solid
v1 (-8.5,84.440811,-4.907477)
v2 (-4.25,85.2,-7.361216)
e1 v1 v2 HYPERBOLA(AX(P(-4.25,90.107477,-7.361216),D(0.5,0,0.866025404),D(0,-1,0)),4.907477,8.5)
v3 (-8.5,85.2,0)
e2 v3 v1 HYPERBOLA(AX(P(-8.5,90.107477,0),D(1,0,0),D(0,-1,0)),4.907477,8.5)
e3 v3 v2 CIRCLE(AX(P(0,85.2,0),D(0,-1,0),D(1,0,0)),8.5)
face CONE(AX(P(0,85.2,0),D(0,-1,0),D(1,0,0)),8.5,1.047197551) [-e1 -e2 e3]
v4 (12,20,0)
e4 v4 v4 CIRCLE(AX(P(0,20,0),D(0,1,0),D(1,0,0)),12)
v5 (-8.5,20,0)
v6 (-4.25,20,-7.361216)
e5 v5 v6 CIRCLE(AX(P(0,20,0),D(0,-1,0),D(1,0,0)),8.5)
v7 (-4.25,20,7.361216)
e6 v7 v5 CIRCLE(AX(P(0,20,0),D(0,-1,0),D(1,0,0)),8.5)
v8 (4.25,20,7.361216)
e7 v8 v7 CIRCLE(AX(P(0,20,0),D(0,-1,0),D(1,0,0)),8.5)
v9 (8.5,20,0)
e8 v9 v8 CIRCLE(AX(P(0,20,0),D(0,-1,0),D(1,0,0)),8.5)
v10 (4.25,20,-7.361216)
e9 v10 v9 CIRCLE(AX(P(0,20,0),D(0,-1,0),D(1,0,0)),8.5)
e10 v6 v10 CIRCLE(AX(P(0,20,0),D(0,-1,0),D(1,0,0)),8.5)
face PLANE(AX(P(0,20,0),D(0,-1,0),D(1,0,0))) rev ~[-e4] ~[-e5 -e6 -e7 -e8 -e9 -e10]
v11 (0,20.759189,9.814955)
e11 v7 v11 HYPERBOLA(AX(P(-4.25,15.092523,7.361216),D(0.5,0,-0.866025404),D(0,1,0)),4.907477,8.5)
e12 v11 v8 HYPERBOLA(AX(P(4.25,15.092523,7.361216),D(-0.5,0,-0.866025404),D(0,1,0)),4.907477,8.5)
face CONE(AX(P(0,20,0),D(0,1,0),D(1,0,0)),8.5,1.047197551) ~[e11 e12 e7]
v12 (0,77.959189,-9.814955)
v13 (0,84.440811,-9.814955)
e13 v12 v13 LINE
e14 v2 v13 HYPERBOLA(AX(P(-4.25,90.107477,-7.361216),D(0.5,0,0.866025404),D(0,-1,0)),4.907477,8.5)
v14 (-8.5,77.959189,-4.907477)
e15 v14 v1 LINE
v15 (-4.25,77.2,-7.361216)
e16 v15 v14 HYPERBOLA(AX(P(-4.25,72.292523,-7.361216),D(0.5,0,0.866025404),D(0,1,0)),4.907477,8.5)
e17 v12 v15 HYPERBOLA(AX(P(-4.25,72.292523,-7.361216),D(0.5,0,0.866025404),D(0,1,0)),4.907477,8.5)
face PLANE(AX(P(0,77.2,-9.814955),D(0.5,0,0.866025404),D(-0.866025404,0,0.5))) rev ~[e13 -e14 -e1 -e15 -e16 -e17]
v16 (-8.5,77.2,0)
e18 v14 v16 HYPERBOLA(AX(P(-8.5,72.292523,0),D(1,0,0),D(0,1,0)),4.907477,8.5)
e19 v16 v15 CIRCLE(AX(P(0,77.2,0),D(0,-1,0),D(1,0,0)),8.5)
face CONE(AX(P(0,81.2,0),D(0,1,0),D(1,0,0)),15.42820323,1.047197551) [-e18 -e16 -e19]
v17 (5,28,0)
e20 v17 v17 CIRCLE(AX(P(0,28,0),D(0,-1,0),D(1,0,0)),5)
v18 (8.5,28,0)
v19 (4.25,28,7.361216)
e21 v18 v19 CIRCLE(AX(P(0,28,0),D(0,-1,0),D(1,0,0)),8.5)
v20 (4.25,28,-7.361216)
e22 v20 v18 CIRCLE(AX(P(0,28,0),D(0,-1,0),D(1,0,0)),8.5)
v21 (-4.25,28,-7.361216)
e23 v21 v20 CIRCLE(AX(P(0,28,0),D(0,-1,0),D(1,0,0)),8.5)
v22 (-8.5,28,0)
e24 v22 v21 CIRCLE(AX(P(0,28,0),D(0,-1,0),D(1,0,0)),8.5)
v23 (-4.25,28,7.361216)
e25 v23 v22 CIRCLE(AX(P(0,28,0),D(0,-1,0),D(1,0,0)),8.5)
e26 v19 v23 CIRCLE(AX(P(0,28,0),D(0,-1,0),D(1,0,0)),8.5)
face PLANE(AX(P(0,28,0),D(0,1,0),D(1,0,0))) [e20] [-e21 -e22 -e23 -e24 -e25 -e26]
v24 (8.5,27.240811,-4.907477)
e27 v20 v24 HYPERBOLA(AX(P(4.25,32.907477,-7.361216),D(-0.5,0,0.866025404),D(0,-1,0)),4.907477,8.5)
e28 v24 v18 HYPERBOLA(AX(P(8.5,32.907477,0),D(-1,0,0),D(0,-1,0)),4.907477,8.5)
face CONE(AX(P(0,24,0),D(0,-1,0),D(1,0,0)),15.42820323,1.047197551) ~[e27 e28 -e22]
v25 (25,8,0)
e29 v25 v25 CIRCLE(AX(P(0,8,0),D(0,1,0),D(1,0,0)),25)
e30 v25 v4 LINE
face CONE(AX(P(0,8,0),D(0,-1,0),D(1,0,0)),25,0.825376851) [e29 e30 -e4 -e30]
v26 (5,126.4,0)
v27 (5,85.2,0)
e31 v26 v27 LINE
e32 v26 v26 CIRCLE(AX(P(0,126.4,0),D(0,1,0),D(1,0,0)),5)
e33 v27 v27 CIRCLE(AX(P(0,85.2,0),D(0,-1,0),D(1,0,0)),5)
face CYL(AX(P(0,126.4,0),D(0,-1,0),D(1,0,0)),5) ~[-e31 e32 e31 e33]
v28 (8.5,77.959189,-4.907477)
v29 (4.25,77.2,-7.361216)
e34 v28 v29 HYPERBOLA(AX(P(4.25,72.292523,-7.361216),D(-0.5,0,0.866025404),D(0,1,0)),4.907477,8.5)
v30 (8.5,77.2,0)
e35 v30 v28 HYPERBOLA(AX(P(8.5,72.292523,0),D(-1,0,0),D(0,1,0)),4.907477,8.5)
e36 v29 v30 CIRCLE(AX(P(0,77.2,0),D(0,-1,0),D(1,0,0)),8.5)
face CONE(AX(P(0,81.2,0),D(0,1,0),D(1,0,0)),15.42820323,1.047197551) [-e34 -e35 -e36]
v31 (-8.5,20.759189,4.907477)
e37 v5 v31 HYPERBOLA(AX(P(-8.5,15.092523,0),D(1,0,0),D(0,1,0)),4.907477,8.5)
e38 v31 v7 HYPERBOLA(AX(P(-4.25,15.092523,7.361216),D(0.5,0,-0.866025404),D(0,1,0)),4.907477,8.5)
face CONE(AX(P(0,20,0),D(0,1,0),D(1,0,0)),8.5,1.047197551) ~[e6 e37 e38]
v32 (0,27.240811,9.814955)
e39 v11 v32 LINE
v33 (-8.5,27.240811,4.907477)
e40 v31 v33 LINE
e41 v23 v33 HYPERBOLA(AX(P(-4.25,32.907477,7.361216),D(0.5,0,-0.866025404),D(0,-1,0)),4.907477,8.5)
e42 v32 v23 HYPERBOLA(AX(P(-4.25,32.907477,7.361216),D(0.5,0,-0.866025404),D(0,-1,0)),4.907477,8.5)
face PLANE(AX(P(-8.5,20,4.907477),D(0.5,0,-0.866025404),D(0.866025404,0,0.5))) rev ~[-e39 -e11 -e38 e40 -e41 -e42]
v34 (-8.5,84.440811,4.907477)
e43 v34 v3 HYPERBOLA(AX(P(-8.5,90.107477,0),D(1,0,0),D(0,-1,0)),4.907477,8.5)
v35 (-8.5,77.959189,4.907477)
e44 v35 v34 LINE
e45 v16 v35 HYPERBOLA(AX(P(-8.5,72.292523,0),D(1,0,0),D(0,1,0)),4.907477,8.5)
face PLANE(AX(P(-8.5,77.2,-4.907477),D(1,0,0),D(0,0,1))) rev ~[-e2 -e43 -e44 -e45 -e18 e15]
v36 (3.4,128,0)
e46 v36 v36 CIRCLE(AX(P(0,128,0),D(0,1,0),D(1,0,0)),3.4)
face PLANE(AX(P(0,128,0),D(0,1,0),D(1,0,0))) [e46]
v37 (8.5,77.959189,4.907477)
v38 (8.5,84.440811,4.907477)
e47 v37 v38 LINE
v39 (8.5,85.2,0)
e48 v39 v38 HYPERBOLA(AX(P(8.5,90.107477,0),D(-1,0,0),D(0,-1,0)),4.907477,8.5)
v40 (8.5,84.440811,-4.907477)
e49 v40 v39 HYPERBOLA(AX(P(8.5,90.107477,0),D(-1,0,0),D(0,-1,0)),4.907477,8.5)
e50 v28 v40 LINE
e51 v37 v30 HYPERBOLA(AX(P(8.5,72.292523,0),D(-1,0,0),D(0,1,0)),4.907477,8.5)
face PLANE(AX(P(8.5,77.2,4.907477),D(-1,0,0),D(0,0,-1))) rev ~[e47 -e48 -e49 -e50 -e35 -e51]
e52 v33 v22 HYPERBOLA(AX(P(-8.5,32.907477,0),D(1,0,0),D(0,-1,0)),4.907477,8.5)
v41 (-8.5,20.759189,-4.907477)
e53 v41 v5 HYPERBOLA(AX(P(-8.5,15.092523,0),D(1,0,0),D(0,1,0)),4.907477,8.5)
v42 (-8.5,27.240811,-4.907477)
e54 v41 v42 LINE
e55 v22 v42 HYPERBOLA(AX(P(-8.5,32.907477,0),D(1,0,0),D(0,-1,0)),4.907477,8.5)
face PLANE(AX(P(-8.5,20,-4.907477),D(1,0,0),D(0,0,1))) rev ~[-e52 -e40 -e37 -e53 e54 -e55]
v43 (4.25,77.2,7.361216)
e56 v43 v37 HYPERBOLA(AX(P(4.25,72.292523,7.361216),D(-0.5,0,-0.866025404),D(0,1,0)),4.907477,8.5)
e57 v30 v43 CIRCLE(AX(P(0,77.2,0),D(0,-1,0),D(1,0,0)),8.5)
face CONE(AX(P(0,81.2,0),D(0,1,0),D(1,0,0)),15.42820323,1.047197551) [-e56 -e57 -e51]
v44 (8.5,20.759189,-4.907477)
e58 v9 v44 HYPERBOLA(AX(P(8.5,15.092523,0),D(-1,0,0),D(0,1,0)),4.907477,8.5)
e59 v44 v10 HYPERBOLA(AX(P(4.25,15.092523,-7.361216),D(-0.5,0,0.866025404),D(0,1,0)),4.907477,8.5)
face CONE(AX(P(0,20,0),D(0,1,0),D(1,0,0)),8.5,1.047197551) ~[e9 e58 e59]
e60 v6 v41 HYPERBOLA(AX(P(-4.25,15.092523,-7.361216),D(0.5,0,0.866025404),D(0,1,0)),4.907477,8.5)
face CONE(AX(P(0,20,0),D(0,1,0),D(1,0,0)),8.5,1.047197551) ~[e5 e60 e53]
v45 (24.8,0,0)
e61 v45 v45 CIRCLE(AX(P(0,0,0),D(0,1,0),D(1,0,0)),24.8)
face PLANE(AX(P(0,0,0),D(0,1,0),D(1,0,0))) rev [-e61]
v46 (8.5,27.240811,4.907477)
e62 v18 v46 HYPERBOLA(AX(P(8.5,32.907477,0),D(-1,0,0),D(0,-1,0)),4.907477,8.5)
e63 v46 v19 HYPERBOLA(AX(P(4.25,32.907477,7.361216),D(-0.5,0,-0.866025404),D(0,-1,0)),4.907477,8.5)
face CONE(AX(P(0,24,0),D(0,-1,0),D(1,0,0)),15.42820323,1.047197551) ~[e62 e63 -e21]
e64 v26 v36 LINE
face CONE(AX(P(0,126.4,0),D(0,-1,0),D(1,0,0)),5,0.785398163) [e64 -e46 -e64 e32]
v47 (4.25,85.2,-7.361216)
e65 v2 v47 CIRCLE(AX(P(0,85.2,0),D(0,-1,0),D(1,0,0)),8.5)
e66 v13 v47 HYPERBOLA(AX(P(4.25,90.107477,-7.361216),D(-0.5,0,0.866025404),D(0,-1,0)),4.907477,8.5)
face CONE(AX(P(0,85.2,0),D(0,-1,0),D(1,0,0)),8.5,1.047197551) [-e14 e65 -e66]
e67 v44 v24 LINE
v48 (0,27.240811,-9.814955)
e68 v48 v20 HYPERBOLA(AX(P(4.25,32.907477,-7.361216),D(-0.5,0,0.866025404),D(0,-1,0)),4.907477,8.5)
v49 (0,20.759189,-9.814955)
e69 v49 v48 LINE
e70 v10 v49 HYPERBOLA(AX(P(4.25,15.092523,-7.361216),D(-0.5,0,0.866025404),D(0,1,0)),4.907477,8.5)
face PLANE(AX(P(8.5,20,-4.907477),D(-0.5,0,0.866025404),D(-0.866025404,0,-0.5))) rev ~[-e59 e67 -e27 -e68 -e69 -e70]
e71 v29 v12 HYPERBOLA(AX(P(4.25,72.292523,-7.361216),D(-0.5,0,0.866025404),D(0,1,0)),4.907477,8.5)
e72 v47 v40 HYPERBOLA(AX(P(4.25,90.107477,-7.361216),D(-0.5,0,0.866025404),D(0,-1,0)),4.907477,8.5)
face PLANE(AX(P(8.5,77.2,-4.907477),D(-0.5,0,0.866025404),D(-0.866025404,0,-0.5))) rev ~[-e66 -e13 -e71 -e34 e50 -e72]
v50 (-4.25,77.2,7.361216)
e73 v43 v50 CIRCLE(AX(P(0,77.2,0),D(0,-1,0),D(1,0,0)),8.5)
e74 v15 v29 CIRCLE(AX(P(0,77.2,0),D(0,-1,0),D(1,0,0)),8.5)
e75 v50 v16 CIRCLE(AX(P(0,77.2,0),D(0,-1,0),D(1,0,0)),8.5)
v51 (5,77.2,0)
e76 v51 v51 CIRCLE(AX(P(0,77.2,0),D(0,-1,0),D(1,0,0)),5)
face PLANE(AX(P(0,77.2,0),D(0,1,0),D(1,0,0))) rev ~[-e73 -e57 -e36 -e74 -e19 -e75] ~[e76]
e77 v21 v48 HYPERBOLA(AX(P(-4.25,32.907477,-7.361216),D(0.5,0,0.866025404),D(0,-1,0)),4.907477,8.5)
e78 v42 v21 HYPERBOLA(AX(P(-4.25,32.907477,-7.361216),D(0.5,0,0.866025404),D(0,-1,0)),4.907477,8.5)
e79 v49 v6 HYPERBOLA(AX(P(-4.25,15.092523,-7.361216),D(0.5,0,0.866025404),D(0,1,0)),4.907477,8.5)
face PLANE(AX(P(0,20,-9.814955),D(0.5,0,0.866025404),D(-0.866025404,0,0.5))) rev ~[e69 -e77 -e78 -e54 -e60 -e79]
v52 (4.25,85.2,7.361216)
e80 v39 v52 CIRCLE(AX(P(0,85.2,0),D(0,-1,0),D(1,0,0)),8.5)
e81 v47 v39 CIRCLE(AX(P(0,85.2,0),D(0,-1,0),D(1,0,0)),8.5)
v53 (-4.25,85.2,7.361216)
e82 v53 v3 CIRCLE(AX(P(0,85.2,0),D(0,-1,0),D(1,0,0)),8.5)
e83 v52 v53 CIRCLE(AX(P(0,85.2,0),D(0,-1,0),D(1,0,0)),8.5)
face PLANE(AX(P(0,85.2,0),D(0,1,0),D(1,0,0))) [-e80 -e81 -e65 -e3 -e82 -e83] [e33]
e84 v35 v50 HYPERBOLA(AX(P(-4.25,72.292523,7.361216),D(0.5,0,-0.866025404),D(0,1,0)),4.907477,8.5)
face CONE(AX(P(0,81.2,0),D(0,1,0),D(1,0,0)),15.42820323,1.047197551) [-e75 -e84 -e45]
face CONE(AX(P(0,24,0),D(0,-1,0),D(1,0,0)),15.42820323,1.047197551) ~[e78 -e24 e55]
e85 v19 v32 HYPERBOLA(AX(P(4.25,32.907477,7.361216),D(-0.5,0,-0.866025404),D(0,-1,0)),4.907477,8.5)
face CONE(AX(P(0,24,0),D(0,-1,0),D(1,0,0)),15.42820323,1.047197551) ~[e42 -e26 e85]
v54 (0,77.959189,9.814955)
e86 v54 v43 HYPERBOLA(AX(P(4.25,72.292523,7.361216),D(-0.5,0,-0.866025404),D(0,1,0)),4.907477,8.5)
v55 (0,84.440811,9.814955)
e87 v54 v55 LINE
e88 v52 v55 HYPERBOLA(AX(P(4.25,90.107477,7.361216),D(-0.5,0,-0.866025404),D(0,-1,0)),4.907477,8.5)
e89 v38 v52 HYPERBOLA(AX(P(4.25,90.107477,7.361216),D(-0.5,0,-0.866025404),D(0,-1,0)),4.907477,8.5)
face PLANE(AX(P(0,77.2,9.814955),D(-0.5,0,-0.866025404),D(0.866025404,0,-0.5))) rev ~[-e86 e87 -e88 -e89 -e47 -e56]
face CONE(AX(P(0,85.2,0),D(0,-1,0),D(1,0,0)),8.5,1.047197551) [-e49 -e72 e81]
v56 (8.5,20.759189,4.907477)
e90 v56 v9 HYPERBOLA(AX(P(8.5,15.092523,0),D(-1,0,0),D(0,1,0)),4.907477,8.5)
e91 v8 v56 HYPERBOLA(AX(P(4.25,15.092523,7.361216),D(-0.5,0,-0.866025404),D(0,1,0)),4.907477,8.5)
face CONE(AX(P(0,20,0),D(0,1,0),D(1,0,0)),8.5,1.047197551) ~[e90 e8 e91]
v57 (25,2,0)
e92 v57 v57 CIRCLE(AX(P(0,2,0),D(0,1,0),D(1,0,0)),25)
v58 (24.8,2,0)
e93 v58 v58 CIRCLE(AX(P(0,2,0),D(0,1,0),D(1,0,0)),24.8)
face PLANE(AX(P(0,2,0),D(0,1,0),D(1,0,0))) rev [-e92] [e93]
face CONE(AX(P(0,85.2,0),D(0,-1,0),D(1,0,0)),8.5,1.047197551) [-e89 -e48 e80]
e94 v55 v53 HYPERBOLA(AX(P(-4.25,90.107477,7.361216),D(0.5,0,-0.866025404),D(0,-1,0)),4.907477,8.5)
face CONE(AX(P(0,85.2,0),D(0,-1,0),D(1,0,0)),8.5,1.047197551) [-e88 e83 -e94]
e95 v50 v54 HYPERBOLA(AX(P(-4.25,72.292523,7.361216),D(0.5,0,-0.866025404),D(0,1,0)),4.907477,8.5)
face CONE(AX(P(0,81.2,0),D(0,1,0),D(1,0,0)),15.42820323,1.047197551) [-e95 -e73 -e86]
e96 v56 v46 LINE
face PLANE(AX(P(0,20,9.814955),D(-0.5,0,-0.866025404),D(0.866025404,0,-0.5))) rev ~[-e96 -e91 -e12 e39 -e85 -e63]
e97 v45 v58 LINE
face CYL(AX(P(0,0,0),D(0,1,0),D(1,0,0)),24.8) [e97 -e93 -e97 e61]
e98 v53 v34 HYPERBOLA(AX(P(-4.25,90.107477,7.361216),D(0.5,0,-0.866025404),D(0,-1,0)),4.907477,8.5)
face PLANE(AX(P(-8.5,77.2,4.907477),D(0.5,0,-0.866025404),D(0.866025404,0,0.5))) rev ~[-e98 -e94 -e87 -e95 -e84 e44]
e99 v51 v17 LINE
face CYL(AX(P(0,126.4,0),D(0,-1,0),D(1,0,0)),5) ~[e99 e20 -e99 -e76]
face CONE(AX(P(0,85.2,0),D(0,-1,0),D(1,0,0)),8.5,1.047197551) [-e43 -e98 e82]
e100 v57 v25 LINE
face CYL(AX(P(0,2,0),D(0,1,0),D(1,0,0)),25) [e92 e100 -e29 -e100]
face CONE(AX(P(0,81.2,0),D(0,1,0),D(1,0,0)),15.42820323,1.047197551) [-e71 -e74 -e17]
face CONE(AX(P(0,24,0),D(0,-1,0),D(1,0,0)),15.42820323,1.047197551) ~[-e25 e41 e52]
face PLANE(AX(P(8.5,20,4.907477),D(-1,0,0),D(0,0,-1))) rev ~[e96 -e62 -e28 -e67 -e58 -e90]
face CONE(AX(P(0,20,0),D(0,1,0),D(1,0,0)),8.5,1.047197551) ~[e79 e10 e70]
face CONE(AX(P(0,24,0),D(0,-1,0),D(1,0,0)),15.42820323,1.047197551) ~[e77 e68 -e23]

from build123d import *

# Parameters (mm, degrees)
EXTRUDE_1_DEPTH = 8
EXTRUDE_2_DEPTH = 8


with BuildPart() as part:
    # Эскиз1 → Повернуть1 (revolve)
    with BuildSketch(Plane.XY, mode=Mode.PRIVATE) as revolve_1_sk:
        Polygon((0, 0), (-24.8, 0), (-24.8, 2), (-25, 2), (-25, 8), (-12, 20), (-5, 20), (-5, 28), (-5, 126.4), (-3.4, 128), (0, 128), align=None)
    revolve(revolve_1_sk.sketch.rotate(Axis((0, 0, 0), (0, 1, 0)), 180), axis=Axis((0, 0, 0), (0, 1, 0)))  # turned: the seam where the file's is

    # Эскиз2 → Бобышка-Вытянуть1 (add)
    with BuildSketch(Plane(origin=(0, 20, 0), x_dir=(1, 0, 0), z_dir=(0, 1, 0))):
        Polygon((0, 9.814954576), (-8.5, 4.907477288), (-8.5, -4.907477288), (0, -9.814954576), (8.5, -4.907477288), (8.5, 4.907477288), align=None)
    extrude(amount=EXTRUDE_1_DEPTH)

    # Эскиз3 → Бобышка-Вытянуть2 (add)
    with BuildSketch(Plane(origin=(0, 77.2, 0), x_dir=(1, 0, 0), z_dir=(0, 1, 0))):
        Polygon((8.5, 4.907477288), (0, 9.814954576), (-8.5, 4.907477288), (-8.5, -4.907477288), (0, -9.814954576), (8.5, -4.907477288), align=None)
    extrude(amount=EXTRUDE_2_DEPTH)

    # Эскиз4 → Вырез-Повернуть2 (revolve, cut)
    with BuildSketch(Plane.XY, mode=Mode.PRIVATE) as cut_revolve_2_sk:
        Polygon((-15.42820323, 85.2), (-8.5, 85.2), (-15.42820323, 81.2), align=None)
        Polygon((-15.42820323, 77.2), (-15.42820323, 81.2), (-8.5, 77.2), align=None)
        Polygon((-15.42820323, 28), (-15.42820323, 24), (-8.5, 28), align=None)
        Polygon((-15.42820323, 24), (-15.42820323, 20), (-8.5, 20), align=None)
    revolve(cut_revolve_2_sk.sketch.rotate(Axis((0, 128, 0), (0, -1, 0)), 180), axis=Axis((0, 128, 0), (0, -1, 0)), mode=Mode.SUBTRACT)  # turned: the seam where the file's is


solid = part.part
